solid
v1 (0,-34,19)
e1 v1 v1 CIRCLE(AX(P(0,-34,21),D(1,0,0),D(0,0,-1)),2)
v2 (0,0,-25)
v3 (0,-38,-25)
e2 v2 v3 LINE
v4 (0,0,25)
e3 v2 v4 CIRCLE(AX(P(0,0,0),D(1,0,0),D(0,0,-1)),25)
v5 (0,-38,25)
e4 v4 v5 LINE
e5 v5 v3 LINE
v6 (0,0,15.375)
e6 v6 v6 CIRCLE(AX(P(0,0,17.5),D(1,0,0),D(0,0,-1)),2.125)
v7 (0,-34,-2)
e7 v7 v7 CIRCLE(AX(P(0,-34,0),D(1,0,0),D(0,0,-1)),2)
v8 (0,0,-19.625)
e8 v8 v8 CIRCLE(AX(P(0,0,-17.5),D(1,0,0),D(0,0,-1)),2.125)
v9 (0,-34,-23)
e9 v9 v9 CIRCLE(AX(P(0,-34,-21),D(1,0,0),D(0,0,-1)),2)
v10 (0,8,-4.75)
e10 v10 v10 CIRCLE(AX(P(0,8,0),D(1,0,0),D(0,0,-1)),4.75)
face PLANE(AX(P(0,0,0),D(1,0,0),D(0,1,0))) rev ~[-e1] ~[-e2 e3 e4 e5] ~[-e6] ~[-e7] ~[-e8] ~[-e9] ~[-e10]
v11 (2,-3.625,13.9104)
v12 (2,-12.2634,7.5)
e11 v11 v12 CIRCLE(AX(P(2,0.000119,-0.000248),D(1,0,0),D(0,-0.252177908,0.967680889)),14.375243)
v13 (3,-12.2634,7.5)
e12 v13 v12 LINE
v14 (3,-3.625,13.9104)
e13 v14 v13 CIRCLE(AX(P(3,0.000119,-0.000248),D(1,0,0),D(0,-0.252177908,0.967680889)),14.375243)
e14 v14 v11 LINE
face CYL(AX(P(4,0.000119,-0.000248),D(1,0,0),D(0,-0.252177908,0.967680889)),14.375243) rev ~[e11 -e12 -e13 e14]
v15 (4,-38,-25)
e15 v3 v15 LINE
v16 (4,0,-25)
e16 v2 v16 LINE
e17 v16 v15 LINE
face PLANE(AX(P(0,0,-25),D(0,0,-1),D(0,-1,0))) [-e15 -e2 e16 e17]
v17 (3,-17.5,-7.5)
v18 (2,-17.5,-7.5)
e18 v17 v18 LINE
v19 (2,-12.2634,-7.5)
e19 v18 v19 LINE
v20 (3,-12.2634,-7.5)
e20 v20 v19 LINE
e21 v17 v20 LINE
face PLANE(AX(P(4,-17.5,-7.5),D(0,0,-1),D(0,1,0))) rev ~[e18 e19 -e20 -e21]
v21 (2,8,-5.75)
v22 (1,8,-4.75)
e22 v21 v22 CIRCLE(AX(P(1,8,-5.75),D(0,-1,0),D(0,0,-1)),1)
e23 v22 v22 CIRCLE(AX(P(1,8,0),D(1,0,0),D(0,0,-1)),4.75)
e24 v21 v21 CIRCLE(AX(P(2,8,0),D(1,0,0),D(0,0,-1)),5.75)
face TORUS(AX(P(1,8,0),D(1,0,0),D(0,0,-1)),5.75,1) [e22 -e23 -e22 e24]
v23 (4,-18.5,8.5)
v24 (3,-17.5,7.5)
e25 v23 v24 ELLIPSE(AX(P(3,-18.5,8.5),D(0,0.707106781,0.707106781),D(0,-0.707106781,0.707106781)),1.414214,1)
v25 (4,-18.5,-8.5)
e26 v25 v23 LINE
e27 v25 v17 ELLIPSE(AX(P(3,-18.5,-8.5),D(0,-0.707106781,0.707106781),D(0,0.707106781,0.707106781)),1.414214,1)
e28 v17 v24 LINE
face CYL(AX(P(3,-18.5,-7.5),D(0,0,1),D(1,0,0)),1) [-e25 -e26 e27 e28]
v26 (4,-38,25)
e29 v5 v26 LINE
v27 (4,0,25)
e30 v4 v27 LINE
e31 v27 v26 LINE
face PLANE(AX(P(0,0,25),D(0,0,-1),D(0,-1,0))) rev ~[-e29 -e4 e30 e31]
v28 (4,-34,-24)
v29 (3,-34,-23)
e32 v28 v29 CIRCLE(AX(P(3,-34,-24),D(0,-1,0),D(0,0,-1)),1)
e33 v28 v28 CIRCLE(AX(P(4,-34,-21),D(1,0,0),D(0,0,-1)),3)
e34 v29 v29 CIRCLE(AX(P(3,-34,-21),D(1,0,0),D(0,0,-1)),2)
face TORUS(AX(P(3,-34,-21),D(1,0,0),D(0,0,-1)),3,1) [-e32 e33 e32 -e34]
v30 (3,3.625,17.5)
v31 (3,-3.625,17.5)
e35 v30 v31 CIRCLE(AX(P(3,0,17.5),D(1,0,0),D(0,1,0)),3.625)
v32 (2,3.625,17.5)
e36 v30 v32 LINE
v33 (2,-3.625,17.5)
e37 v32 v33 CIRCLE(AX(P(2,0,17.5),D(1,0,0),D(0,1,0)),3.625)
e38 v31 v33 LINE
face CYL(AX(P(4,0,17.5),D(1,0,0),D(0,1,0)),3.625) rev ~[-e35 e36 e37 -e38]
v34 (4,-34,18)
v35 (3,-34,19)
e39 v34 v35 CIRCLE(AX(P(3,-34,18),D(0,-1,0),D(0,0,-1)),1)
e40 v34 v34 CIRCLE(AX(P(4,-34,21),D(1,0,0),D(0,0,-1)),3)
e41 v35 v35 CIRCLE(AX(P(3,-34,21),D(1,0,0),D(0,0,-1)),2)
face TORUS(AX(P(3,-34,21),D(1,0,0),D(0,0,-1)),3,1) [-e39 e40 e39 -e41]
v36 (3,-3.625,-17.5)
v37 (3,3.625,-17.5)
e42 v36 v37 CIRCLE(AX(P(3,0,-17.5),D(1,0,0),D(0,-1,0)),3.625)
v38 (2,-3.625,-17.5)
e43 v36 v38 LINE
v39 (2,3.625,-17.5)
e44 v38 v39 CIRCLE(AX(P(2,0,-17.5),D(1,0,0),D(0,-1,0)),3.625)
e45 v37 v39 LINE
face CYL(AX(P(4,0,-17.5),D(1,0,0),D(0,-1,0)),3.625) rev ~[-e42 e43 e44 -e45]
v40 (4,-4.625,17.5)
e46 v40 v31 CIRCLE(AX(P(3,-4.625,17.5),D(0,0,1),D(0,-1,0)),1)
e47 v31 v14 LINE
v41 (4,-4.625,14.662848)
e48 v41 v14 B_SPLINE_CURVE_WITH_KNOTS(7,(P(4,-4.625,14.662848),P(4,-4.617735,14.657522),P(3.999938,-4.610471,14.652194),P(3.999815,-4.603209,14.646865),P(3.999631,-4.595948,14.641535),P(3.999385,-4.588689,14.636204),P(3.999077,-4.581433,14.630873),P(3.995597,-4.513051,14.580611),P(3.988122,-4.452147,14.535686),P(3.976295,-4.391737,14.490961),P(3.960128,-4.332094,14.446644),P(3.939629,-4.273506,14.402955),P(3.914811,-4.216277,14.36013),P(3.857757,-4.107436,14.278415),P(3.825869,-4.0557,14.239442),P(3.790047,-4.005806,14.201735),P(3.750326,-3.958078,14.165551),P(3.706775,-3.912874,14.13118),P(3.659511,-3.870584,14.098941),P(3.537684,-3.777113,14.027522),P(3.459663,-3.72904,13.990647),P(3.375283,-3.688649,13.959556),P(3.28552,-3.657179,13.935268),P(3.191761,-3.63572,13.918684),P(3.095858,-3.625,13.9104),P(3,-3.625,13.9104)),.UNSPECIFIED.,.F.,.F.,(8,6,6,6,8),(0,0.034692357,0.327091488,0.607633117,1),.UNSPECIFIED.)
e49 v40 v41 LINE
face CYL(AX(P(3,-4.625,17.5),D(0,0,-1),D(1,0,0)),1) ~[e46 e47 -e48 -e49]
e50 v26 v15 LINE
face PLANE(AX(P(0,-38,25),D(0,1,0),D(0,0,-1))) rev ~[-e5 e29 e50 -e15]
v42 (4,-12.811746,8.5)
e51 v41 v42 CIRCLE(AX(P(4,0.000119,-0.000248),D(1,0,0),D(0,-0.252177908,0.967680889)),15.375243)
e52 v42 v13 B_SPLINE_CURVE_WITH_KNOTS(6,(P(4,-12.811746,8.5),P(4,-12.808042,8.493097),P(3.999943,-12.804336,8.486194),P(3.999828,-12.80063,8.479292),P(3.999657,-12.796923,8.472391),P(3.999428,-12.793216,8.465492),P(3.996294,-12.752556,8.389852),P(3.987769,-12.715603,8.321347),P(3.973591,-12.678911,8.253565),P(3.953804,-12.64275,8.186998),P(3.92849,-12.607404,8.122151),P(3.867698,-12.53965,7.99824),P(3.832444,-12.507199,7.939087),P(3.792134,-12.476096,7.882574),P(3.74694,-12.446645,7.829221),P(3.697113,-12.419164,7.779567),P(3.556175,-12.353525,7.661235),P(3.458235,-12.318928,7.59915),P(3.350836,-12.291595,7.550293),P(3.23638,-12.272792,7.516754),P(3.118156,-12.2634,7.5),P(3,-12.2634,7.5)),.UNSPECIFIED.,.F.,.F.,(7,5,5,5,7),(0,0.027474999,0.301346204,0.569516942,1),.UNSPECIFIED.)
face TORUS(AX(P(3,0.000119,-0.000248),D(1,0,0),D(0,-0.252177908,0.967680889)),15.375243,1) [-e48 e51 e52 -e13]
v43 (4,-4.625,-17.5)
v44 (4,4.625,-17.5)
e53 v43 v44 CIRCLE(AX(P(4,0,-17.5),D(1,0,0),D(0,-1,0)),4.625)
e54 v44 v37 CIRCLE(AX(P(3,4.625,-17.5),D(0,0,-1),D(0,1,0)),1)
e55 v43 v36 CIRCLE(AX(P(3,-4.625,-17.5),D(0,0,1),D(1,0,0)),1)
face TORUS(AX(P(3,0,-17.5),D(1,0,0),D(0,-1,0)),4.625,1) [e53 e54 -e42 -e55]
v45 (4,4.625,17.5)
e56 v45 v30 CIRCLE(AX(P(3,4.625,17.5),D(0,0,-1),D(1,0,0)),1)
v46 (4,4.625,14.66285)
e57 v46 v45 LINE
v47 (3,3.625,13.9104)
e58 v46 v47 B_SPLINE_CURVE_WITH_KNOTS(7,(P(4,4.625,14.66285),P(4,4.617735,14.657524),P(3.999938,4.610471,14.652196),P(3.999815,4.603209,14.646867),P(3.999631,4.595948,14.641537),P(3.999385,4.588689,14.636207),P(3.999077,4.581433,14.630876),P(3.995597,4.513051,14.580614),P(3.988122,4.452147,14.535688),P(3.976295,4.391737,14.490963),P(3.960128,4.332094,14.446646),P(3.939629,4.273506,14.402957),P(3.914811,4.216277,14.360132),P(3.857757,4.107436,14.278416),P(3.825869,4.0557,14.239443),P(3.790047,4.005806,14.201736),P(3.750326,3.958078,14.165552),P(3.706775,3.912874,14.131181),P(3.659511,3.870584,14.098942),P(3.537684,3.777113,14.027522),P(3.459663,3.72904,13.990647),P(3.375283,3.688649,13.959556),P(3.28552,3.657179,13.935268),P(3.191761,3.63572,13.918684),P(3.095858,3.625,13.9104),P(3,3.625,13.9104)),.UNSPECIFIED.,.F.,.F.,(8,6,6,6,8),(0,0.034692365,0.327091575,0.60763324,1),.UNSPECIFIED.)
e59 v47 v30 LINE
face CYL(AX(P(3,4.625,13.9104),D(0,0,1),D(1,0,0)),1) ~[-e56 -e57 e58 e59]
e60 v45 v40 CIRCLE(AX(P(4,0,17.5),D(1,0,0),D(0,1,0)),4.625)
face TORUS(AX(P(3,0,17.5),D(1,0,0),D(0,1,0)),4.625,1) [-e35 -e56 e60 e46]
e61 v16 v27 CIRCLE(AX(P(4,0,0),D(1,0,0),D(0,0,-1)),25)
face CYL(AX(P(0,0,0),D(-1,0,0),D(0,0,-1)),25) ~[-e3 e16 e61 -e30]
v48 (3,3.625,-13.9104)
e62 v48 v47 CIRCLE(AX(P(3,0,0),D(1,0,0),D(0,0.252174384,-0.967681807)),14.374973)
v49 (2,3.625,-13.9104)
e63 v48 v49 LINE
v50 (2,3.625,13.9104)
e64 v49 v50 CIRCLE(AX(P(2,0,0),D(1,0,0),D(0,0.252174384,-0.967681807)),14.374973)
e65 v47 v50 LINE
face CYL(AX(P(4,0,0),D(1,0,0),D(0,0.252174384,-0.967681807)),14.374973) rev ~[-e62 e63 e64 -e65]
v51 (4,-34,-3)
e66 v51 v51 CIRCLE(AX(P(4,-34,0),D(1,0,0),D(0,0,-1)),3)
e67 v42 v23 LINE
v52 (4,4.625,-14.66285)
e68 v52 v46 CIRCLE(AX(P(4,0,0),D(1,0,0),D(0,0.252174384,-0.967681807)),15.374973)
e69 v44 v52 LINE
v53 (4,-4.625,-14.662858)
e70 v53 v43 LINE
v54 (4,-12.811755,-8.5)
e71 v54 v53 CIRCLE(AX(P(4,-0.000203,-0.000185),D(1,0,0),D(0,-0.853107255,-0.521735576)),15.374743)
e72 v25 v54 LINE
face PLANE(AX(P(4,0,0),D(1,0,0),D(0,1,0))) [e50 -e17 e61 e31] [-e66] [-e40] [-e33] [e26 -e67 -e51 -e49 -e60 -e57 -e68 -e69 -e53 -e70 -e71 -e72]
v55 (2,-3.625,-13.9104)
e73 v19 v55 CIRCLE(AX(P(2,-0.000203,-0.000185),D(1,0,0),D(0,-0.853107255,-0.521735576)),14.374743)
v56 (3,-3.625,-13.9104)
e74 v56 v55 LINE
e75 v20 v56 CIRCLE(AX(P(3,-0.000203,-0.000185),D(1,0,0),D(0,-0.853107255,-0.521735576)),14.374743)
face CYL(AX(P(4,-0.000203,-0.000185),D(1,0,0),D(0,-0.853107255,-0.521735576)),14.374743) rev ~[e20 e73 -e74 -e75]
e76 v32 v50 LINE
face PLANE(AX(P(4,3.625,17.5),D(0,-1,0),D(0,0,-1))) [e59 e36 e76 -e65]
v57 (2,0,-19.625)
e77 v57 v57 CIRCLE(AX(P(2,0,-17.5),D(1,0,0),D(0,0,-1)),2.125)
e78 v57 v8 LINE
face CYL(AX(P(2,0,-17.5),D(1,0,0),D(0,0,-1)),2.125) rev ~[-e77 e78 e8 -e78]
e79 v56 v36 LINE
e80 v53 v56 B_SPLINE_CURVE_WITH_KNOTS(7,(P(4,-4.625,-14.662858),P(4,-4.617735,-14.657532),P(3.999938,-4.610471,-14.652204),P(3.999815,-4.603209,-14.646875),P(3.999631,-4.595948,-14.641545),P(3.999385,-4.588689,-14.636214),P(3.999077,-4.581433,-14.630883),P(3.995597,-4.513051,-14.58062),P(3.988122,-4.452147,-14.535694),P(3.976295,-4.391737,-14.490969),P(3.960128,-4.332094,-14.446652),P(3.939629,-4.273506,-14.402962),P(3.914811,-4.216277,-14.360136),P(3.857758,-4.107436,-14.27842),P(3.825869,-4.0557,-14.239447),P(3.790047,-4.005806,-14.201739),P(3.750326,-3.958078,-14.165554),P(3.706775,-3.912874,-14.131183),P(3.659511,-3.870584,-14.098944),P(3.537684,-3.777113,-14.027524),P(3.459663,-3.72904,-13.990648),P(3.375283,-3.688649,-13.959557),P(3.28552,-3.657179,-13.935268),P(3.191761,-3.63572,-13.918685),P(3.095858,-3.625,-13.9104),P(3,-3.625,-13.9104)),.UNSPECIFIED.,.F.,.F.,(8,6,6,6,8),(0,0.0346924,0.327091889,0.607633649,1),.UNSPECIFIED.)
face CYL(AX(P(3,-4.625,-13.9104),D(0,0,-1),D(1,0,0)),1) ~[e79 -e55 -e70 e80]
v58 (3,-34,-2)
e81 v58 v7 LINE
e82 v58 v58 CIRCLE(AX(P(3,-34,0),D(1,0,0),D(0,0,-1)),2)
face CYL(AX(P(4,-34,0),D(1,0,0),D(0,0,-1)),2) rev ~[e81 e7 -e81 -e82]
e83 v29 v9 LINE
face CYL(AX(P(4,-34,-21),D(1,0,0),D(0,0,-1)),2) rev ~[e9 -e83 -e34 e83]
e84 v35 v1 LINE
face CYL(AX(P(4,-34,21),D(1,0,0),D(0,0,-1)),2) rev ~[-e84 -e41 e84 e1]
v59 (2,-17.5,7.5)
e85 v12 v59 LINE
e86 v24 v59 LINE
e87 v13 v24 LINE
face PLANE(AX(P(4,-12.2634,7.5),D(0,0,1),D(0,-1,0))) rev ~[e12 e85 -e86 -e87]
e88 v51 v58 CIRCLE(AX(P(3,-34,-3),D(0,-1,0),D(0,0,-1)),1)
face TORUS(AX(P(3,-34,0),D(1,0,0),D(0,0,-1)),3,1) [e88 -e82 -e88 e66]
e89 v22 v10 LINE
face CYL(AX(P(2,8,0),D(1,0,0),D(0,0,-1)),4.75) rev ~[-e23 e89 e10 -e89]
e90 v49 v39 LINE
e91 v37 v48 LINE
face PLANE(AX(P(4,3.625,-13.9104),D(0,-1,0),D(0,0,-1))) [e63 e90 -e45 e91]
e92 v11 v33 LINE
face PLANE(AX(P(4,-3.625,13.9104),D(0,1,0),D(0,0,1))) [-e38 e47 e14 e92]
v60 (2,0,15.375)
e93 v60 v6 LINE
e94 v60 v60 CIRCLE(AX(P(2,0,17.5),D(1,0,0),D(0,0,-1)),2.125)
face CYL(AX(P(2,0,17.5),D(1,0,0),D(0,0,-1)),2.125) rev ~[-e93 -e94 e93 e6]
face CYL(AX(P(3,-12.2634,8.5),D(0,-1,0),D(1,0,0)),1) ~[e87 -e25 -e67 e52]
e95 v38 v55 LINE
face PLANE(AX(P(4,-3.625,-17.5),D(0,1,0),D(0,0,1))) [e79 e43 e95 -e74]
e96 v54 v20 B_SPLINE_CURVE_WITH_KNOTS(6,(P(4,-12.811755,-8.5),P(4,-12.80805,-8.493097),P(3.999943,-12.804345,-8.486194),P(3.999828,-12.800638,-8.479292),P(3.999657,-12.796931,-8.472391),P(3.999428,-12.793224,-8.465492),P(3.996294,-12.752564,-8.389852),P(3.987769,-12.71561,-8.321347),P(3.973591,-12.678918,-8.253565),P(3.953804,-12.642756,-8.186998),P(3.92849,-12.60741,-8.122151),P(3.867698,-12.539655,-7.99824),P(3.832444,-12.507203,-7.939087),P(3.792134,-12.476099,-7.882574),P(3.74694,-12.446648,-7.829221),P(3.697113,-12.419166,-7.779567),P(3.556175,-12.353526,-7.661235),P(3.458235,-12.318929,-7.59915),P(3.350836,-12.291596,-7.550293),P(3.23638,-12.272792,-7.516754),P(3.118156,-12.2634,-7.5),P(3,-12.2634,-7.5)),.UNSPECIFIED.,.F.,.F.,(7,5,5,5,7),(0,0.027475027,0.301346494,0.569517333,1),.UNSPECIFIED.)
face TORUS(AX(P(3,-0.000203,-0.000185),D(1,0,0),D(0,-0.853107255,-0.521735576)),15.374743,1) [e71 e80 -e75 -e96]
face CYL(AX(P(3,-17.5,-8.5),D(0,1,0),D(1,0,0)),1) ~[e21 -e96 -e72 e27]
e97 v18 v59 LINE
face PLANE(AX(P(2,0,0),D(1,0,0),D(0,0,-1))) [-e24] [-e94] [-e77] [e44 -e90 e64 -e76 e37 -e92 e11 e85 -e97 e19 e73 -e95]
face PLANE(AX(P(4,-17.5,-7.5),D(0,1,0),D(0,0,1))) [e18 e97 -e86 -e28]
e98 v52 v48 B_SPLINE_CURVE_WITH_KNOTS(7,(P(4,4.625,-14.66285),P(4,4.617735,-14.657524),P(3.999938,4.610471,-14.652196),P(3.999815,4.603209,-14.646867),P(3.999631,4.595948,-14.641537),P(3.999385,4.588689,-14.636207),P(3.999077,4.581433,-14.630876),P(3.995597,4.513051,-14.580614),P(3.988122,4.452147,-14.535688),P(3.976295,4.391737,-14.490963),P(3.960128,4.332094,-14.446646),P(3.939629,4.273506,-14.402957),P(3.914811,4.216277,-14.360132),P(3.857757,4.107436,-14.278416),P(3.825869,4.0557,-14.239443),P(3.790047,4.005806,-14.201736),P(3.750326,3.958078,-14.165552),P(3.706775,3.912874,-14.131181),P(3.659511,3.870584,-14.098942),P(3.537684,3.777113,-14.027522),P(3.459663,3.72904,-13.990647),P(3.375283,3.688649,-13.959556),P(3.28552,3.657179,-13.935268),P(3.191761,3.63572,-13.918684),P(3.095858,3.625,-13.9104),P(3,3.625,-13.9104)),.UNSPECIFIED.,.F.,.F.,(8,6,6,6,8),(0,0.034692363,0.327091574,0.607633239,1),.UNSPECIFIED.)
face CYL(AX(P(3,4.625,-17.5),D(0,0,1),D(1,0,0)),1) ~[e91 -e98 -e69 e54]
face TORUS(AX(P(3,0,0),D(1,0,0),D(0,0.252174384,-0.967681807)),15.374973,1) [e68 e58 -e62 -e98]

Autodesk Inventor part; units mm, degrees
ref_plane "YZ Plane" through (0, 0, 0) normal (1, 0, 0) x (0, 1, 0)
ref_plane "XZ Plane" through (0, 0, 0) normal (0, 1, 0) x (-1, 0, 0)
ref_plane "XY Plane" through (0, 0, 0) normal (0, 0, 1) x (1, 0, 0)
sketch "Sketch1" plane through (0, 0, 0) normal (1, 0, 0) x (0, 1, 0)
  line L0 (0, 25) -> (-38, 25)
  line L1 (0, -25) -> (-38, -25)
  line L2 (-38, 25) -> (-38, -25)
  arc A0 (0, -25) -> (0, 25) centre (0, 0) ccw
  point P0 (0, 0)
  dimension "d3" = 25
  dimension "d4" = 25
  dimension "d7" = 25
  dimension "d9" = 38
  dimension "d10" = 38
extrude "Extrusion1" add sketch "Sketch1" along normal blind 4
sketch "Sketch2" plane through (4, 0, 0) normal (1, 0, 0) x (0, 0, -1)
  line L0 (-7.5, -12.2634) -> (-7.5, -17.5)
  line L1 (7.5, -17.5) -> (7.5, -11.9694)
  arc A0 (-17.5, 3.625) -> (-17.5, -3.625) centre (-17.5, 0) ccw
  arc A1 (17.5, -3.625) -> (17.5, 3.625) centre (17.5, 0) ccw
  line L2 (-17.5, 3.625) -> (-13.9104, 3.625)
  line L3 (13.9104, 3.625) -> (17.5, 3.625)
  line L4 (17.5, -3.625) -> (13.9104, -3.625)
  line L5 (-13.9104, -3.625) -> (-17.5, -3.625)
  line L6 (7.5, -17.5) -> (-7.5, -17.5)
  arc A2 (-13.9104, -3.625) -> (-7.5, -12.2634) centre (0, 0) ccw
  arc A3 (7.5, -12.2634) -> (13.9104, -3.625) centre (0, 0) ccw
  arc A4 (13.9104, 3.625) -> (-13.9104, 3.625) centre (0, 0) ccw
  point P0 (-7.5, -15.5)
  point P1 (7.5, -15.5)
  dimension "d14" = 7.5
  dimension "d15" = 7.5
  dimension "d20" = 7.25
  dimension "d21" = 7.25
  dimension "d25" = 90
  dimension "d27" = 0
  dimension "d55" = 13.875
  dimension "d57" = 19.125
  dimension "d58" = 19.125
  dimension "d60" = 14.375
  dimension "d61" = 14.375
  dimension "d62" = 14.375
  dimension "d63" = 3.625
  dimension "d64" = 10
  dimension "d65" = 6.4104
  dimension "d66" = 6.4104
  dimension "d67" = 15.5944
  dimension "d68" = 25
extrude "Extrusion2" cut sketch "Sketch2" against normal blind 2
sketch "Sketch3" plane through (2, 0, 0) normal (1, 0, 0) x (0, 0, -1)
  line L0 (-7.5, -17.5) -> (-7.5, -12.2634) projected
  line L1 (7.5, -12.2634) -> (7.5, -17.5) projected
  line L2 (17.5, -3.625) -> (13.9104, -3.625) projected
  arc A0 (17.5, -3.625) -> (17.5, 3.625) centre (17.5, 0) ccw projected
  line L3 (13.9104, 3.625) -> (17.5, 3.625) projected
  line L4 (-17.5, 3.625) -> (-13.9104, 3.625) projected
  arc A1 (-17.5, 3.625) -> (-17.5, -3.625) centre (-17.5, 0) ccw projected
  line L5 (-13.9104, -3.625) -> (-17.5, -3.625) projected
  circle A2 centre (-17.5, 0) radius 2.125
  circle A3 centre (17.5, 0) radius 2.125
  circle A4 centre (0, 8) radius 4.75
  line L6 (7.5, -17.5) -> (-7.5, -17.5) projected
  arc A5 (7.5, -12.2634) -> (13.9104, -3.625) centre (0, 0) ccw projected
  arc A6 (13.9104, 3.625) -> (-13.9104, 3.625) centre (0, 0) ccw projected
  arc A7 (-13.9104, -3.625) -> (-7.5, -12.2634) centre (0, 0) ccw projected
  dimension "d32" = 4.25
  dimension "d33" = 4.25
  dimension "d40" = 9.5
  dimension "d41" = 11.625
  dimension "d42" = 7.5
extrude "Extrusion3" cut sketch "Sketch3" against normal through all contours A2 | A3 | A4
sketch "Sketch4" plane through (4, 0, 0) normal (1, 0, 0) x (0, 0, -1)
  circle A0 centre (-21, -34) radius 2
  circle A1 centre (0, -34) radius 2
  circle A2 centre (21, -34) radius 2
  line L0 (-25, -38) -> (25, -38) projected
  line L1 (-25, 0) -> (-25, -38) projected
  line L2 (25, -38) -> (25, 0) projected
  point P0 (0, 0)
  dimension "d43" = 4
  dimension "d44" = 4
  dimension "d45" = 4
  dimension "d46" = 4
  dimension "d47" = 4
  dimension "d48" = 4
  dimension "d49" = 4
  dimension "d50" = 4
  dimension "d51" = 25
extrude "Extrusion4" cut sketch "Sketch4" against normal through all
fillet "Fillet1" radius 1 3 edges at (4, -34, 23) (4, -34, 2) (4, -34, -19)
fillet "Fillet2" radius 1 13 edges at (4, 14.375, 0) (4, -8.5664, -11.5437) (4, 0, -21.125) (4, 3.625, -15.7052) (4, -3.625, -15.7052) (4, 0, 21.125) (4, 3.625, 15.7052) (4, -3.625, 15.7052) (4, -8.5664, 11.5437) (4, -17.5, 0) (4, -14.8817, 7.5) (4, -14.8817, -7.5) (2, 8, 4.75)
properties part number "feeder_motor_mount"
